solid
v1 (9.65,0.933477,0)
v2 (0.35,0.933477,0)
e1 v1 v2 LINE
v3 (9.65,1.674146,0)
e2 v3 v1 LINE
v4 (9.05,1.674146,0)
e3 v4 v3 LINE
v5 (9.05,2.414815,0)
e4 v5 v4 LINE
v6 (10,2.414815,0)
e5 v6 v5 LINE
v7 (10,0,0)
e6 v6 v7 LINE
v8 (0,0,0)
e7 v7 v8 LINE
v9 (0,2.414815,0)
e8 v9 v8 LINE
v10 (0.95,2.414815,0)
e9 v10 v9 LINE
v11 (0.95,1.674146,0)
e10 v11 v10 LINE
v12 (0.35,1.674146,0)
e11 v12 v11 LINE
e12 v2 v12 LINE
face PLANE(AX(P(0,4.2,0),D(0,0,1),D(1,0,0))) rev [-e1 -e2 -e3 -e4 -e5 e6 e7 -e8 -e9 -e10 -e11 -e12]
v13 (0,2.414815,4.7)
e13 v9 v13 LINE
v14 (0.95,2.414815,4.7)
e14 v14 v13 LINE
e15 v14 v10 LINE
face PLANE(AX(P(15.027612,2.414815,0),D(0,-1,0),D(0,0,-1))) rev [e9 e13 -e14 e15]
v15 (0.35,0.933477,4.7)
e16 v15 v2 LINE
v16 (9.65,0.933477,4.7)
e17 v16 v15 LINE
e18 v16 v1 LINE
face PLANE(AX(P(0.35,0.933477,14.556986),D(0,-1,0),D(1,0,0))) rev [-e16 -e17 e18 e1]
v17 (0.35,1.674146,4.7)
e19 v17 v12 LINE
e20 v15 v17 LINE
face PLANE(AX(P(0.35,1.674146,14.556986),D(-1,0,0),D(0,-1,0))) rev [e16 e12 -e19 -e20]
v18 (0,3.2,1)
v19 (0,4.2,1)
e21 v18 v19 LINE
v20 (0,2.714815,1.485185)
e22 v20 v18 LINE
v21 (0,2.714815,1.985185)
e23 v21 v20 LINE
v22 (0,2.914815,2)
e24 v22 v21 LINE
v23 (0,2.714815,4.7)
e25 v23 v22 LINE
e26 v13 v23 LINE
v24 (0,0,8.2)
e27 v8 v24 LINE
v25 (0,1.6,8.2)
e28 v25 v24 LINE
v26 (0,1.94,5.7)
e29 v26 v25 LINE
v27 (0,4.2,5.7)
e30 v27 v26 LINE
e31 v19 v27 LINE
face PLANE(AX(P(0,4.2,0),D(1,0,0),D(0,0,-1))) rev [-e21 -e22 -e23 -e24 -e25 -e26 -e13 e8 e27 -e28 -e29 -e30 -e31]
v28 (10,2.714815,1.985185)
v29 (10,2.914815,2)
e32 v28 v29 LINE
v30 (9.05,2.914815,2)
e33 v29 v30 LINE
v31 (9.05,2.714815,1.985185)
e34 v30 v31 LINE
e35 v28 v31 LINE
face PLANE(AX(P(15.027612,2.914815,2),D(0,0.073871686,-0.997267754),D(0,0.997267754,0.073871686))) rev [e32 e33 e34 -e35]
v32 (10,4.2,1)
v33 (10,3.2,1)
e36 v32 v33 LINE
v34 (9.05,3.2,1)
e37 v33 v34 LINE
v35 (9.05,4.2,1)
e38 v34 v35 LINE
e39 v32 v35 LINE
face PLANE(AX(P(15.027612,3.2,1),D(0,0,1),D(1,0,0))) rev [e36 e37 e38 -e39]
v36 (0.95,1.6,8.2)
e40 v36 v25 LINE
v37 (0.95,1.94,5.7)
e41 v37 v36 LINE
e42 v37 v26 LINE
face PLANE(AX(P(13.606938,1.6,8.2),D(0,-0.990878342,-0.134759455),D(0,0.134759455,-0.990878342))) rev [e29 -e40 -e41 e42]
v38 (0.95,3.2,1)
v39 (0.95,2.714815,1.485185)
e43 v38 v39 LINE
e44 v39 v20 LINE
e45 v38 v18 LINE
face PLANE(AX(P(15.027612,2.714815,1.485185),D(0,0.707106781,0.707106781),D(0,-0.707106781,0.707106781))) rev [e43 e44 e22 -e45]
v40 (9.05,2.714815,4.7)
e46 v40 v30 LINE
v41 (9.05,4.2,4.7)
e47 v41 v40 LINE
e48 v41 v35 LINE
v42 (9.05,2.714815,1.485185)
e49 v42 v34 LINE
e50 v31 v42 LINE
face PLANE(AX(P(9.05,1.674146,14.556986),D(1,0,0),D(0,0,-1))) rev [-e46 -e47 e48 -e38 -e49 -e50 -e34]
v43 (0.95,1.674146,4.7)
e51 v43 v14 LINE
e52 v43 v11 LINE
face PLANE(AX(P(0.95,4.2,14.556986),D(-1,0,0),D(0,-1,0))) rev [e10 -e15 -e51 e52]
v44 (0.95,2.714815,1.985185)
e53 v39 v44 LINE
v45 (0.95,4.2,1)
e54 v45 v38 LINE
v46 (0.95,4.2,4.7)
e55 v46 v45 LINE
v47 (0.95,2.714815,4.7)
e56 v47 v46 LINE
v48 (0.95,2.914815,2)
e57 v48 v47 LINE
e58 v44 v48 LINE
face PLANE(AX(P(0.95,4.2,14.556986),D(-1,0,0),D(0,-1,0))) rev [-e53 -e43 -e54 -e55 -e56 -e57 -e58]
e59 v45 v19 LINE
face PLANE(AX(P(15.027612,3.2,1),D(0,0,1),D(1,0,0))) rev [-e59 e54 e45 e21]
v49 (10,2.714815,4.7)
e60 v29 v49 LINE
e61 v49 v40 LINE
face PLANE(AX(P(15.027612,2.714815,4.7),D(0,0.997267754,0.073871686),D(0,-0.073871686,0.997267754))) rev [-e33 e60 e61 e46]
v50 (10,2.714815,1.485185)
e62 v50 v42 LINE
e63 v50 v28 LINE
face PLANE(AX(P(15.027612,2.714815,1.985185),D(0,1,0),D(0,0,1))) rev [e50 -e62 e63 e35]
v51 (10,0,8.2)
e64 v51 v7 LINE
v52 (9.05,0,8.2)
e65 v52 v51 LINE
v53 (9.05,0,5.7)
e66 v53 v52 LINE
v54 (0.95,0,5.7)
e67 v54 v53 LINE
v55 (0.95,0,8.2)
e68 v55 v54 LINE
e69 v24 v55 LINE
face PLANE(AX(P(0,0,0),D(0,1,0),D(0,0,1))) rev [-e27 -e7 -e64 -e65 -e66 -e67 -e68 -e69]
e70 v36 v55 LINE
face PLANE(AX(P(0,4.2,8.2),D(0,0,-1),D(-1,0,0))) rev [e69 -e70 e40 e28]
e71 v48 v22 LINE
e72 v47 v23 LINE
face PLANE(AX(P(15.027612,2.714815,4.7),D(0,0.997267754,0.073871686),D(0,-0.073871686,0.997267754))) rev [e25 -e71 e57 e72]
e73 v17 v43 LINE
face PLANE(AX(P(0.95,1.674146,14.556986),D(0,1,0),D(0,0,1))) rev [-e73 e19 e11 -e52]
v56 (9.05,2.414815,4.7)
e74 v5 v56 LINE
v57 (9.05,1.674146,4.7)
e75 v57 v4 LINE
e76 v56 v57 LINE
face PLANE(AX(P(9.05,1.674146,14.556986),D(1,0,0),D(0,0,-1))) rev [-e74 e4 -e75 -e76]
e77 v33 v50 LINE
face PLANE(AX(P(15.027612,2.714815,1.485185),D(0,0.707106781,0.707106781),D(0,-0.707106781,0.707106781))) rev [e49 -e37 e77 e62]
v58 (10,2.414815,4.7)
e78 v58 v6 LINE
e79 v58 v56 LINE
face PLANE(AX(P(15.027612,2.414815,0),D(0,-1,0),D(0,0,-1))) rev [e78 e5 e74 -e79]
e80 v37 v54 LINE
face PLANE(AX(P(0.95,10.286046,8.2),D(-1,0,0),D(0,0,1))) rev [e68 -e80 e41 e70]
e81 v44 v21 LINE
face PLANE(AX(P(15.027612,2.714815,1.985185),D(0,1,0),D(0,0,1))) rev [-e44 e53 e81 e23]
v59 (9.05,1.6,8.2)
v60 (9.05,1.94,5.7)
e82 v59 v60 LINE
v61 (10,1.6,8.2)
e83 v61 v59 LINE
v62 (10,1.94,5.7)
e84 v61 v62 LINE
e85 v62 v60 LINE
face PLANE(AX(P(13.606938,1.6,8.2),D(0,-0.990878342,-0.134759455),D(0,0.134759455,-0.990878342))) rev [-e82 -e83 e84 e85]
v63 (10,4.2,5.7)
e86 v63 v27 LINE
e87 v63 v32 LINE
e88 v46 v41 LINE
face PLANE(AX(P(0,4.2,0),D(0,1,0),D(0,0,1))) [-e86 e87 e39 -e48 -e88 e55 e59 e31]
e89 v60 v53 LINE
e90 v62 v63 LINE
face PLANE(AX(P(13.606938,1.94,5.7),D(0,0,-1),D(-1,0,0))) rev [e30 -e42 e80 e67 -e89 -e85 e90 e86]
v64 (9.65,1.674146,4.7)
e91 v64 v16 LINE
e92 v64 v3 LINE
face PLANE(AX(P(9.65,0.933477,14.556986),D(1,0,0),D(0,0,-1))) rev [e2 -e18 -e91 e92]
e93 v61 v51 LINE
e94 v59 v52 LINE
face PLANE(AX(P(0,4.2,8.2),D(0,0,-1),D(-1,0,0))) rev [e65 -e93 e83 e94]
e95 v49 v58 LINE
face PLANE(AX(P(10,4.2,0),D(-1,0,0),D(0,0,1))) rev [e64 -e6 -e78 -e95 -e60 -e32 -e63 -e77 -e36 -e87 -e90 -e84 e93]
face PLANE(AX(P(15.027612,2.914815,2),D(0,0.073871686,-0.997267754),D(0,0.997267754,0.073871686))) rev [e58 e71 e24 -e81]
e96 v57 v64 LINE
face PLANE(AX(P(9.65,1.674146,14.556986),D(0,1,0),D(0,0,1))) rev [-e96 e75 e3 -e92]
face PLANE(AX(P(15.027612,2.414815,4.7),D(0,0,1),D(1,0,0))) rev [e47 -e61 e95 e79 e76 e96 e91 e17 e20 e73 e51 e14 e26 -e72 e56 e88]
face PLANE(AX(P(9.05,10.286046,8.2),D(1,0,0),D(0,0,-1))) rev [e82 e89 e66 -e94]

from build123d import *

# Parameters (mm, degrees)
SKETCH1_W           = 10
SKETCH1_H           = 8.2
BOSS_EXTRUDE1_DEPTH = 4.2
CUT_EXTRUDE1_DEPTH  = 10
CUT_EXTRUDE2_DEPTH  = 10
CUT_EXTRUDE4_DEPTH  = 4.7
CUT_EXTRUDE5_REACH  = 6.2
SKETCH6_W           = 8.1
SKETCH6_H           = 2.5


with BuildPart() as part:
    # Sketch1 → Boss-Extrude1 (new body)
    with BuildSketch(Plane(origin=(0, 0, 0), x_dir=(1, 0, 0), z_dir=(0, 1, 0))):
        with Locations((5, -4.1)):
            Rectangle(SKETCH1_W, SKETCH1_H)
    extrude(amount=BOSS_EXTRUDE1_DEPTH)

    # Sketch2 → Cut-Extrude1 (cut)
    with BuildSketch(Plane.ZY):
        Polygon((8.2, 4.2), (8.2, 1.6), (5.7, 1.94), (5.7, 4.2), align=None)
    extrude(amount=-CUT_EXTRUDE1_DEPTH, mode=Mode.SUBTRACT)

    # Sketch3 → Cut-Extrude2 (cut)
    with BuildSketch(Plane.ZY):
        Polygon((0, 2.414814815), (4.7, 2.414814815), (4.7, 2.714814815), (2, 2.914814815), (1.985185185, 2.714814815), (1.485185185, 2.714814815), (1, 3.2), (1, 4.2), (0, 4.2), align=None)
    extrude(amount=-CUT_EXTRUDE2_DEPTH, mode=Mode.SUBTRACT)

    # Sketch4 → Cut-Extrude4 (cut)
    with BuildSketch(Plane(origin=(0, 0, 0), x_dir=(-1, 0, 0), z_dir=(0, 0, -1))):
        Polygon((-9.65, 0.93347747), (-9.65, 1.674146142), (-9.05, 1.674146142), (-9.05, 4.2), (-0.95, 4.2), (-0.95, 1.674146142), (-0.35, 1.674146142), (-0.35, 0.93347747), align=None)
    extrude(amount=-CUT_EXTRUDE4_DEPTH, mode=Mode.SUBTRACT)

    # Cut-Extrude5: up to this face of the body (flat: up to its plane)
    cut_extrude5_end = Plane(part.part.faces().sort_by_distance((5, 1.77, 6.95))[0])
    # Sketch6 → Cut-Extrude5 (cut, up to the picked face)
    with BuildSketch(Plane.XZ, mode=Mode.PRIVATE) as cut_extrude5_sk1:
        with Locations((5, 6.95)):
            Rectangle(SKETCH6_W, SKETCH6_H)
    cut_extrude5_tool1 = split(extrude(cut_extrude5_sk1.sketch, amount=-CUT_EXTRUDE5_REACH, mode=Mode.PRIVATE), bisect_by=cut_extrude5_end, keep=Keep.BOTH, mode=Mode.PRIVATE)
    add(cut_extrude5_tool1.solids().sort_by_distance((5, 0, 6.95))[0], mode=Mode.SUBTRACT)


solid = part.part
